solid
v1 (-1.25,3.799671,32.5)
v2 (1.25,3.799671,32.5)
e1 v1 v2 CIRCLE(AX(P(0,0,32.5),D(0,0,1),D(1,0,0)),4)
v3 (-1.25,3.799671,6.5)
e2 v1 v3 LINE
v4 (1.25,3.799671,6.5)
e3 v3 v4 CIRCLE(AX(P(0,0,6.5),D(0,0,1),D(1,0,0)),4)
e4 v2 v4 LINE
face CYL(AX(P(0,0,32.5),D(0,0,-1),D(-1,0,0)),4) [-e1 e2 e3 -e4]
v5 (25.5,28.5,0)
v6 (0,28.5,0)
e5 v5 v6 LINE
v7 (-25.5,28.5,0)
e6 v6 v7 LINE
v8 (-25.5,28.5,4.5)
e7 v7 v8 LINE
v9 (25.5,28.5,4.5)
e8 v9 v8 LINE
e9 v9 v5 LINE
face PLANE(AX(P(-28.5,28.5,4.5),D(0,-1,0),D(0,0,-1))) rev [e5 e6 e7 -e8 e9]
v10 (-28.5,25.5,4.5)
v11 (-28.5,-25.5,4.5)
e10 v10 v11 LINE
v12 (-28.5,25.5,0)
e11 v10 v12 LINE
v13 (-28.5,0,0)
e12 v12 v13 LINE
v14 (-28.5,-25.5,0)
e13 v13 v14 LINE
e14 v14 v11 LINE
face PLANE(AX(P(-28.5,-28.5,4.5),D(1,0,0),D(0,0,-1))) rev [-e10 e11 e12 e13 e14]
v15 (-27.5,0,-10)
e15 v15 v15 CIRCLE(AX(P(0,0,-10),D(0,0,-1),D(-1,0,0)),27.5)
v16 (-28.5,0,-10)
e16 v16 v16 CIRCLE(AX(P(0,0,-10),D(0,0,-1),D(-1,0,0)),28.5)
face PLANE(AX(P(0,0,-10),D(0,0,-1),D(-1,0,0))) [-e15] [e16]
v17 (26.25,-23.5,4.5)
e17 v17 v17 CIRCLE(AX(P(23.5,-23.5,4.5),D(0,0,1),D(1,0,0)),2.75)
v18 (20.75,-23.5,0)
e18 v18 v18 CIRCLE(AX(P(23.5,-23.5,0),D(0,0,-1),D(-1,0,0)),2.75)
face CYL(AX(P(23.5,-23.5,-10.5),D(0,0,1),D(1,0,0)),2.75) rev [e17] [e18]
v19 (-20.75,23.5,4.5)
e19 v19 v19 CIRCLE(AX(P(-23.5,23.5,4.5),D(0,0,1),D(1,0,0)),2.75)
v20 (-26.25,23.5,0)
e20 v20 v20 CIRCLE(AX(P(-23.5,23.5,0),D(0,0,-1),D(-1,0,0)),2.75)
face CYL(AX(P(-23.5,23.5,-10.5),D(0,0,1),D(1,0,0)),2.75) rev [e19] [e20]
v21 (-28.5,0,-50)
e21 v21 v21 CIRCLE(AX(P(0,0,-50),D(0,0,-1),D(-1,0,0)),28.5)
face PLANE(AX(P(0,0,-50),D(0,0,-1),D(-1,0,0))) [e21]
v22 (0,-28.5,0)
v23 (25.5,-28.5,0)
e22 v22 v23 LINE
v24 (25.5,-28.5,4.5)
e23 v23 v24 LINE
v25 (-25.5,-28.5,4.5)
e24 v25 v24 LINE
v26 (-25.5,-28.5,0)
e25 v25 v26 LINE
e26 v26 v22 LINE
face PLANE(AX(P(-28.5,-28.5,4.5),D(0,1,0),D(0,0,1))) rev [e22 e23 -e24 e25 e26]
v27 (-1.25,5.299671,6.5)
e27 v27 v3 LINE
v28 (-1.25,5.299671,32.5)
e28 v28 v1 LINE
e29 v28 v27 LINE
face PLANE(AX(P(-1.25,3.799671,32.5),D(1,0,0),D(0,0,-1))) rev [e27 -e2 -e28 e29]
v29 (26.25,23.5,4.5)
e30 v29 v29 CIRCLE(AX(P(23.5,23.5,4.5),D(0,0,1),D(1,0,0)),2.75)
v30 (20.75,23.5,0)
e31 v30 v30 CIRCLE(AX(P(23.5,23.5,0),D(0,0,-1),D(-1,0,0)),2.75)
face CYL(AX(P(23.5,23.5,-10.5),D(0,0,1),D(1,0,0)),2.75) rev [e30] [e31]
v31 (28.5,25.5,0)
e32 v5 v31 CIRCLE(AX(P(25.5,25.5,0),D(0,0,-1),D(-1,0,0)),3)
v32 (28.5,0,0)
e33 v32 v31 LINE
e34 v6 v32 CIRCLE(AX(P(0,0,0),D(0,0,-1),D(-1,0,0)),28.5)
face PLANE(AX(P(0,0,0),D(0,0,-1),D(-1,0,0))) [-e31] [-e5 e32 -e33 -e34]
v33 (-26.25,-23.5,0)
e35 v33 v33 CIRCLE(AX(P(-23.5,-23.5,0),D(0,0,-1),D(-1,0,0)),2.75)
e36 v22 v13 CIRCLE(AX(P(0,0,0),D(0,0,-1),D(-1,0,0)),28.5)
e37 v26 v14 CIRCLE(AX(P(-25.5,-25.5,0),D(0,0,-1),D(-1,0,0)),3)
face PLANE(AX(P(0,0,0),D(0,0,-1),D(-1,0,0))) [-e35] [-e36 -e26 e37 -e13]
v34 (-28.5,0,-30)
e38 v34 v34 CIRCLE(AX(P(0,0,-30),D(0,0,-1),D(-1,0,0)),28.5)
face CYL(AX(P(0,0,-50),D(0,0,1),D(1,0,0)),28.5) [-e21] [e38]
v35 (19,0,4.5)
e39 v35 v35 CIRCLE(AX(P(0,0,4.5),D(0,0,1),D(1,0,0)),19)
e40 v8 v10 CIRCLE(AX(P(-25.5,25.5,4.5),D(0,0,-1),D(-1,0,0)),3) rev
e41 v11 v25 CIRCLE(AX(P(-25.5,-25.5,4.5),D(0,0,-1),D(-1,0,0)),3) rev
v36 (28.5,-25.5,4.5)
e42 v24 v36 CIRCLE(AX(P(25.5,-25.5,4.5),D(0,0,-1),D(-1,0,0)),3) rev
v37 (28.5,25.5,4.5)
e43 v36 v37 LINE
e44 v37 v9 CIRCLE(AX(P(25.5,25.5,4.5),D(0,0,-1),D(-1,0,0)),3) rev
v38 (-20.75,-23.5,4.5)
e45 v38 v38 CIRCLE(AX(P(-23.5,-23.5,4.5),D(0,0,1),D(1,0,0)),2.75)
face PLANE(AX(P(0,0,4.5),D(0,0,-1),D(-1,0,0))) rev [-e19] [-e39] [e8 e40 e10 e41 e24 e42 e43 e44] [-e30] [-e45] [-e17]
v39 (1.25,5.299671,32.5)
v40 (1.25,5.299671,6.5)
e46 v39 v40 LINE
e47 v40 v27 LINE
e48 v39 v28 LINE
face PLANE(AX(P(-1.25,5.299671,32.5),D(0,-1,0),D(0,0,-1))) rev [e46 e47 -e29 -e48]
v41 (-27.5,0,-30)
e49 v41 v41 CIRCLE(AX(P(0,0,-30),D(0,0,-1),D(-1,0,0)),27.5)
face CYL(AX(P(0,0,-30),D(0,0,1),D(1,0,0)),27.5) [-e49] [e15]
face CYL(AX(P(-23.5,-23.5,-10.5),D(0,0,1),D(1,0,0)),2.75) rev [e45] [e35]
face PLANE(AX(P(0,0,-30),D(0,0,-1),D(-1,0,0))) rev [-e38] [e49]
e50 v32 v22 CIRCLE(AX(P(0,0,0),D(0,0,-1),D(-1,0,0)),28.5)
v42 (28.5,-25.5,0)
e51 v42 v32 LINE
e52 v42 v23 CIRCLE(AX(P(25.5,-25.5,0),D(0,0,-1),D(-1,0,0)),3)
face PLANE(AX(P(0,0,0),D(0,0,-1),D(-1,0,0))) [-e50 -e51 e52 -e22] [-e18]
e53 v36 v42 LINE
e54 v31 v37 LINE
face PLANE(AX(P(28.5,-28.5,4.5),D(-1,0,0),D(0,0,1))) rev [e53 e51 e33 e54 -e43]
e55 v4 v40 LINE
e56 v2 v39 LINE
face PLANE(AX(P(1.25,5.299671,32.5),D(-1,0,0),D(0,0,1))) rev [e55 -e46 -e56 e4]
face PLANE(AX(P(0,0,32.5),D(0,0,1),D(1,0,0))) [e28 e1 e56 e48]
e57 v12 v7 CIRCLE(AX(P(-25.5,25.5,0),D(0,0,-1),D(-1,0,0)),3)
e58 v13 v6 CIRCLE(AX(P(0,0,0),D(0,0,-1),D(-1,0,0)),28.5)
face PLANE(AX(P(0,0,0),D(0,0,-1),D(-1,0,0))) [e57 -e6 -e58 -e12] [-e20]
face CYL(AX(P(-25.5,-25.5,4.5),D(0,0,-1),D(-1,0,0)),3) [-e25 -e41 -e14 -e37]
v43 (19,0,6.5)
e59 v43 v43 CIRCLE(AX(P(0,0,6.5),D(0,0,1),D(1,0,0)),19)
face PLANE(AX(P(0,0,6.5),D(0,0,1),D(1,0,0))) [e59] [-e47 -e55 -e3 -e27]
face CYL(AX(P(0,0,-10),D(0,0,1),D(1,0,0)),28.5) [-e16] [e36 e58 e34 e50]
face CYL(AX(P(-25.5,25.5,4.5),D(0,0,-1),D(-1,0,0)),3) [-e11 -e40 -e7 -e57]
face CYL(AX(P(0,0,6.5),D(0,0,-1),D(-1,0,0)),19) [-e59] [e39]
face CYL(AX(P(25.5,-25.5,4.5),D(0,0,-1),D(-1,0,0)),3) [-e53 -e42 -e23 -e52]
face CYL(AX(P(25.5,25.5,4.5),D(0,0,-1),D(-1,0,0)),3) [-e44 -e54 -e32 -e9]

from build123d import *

# Parameters (mm, degrees)
SKETCH_1_W          = 57
SKETCH_1_H          = 57
EXTRUDE_1_DEPTH     = 4.5
FILLET_1_R          = 3
SKETCH_2_R          = 19
EXTRUDE_2_DEPTH     = 2
EXTRUDE_3_DEPTH     = 26
SKETCH_4_R          = 2.75
CUT_EXTRUDE_1_DEPTH = 15
SKETCH_5_R          = 28.5
EXTRUDE_4_DEPTH     = 10
SKETCH_6_R          = 27.5
EXTRUDE_5_DEPTH     = 20
SKETCH_7_R          = 28.5
EXTRUDE_6_DEPTH     = 20


with BuildPart() as part:
    # 草图1 → 凸台-拉伸1 (new body)
    with BuildSketch(Plane.XY):
        Rectangle(SKETCH_1_W, SKETCH_1_H)
    extrude(amount=EXTRUDE_1_DEPTH)

    # 圆角1
    fillet_1_edges = [part.edges().sort_by_distance(p)[0] for p in [
        (28.5, -28.5, 2.25),
        (-28.5, -28.5, 2.25),
        (-28.5, 28.5, 2.25),
        (28.5, 28.5, 2.25),
    ]]
    fillet(fillet_1_edges, radius=FILLET_1_R)

    # 草图2 → 凸台-拉伸2 (add)
    with BuildSketch(Plane.XY.offset(4.5)):
        Circle(SKETCH_2_R)
    extrude(amount=EXTRUDE_2_DEPTH)

    # 草图3 → 凸台-拉伸3 (add)
    with BuildSketch(Plane.XY.offset(6.5)):
        with BuildLine():
            Line((-1.25, 3.799671038), (-1.25, 5.299671038))
            Line((-1.25, 5.299671038), (1.25, 5.299671038))
            Line((1.25, 5.299671038), (1.25, 3.799671038))
            ThreePointArc((1.25, 3.799671038), (0, -4), (-1.25, 3.799671038))
        make_face()
    extrude(amount=EXTRUDE_3_DEPTH)

    # 草图4 → 切除-拉伸1 (cut)
    with BuildSketch(Plane.XY.offset(4.5)):
        with Locations((-23.5, 23.5)):
            Circle(SKETCH_4_R)
        with Locations((23.5, 23.5)):
            Circle(SKETCH_4_R)
        with Locations((-23.5, -23.5)):
            Circle(SKETCH_4_R)
        with Locations((23.5, -23.5)):
            Circle(SKETCH_4_R)
    extrude(amount=-CUT_EXTRUDE_1_DEPTH, mode=Mode.SUBTRACT)

    # 草图5 → 凸台-拉伸4 (add)
    with BuildSketch(Plane(origin=(0, 0, 0), x_dir=(-1, 0, 0), z_dir=(0, 0, -1))):
        Circle(SKETCH_5_R)
    extrude(amount=EXTRUDE_4_DEPTH)

    # 草图6 → 凸台-拉伸5 (add)
    with BuildSketch(Plane(origin=(0, 0, -10), x_dir=(-1, 0, 0), z_dir=(0, 0, -1))):
        Circle(SKETCH_6_R)
    extrude(amount=EXTRUDE_5_DEPTH)

    # 草图7 → 凸台-拉伸6 (add)
    with BuildSketch(Plane(origin=(0, 0, -30), x_dir=(-1, 0, 0), z_dir=(0, 0, -1))):
        Circle(SKETCH_7_R)
    extrude(amount=EXTRUDE_6_DEPTH)


solid = part.part
